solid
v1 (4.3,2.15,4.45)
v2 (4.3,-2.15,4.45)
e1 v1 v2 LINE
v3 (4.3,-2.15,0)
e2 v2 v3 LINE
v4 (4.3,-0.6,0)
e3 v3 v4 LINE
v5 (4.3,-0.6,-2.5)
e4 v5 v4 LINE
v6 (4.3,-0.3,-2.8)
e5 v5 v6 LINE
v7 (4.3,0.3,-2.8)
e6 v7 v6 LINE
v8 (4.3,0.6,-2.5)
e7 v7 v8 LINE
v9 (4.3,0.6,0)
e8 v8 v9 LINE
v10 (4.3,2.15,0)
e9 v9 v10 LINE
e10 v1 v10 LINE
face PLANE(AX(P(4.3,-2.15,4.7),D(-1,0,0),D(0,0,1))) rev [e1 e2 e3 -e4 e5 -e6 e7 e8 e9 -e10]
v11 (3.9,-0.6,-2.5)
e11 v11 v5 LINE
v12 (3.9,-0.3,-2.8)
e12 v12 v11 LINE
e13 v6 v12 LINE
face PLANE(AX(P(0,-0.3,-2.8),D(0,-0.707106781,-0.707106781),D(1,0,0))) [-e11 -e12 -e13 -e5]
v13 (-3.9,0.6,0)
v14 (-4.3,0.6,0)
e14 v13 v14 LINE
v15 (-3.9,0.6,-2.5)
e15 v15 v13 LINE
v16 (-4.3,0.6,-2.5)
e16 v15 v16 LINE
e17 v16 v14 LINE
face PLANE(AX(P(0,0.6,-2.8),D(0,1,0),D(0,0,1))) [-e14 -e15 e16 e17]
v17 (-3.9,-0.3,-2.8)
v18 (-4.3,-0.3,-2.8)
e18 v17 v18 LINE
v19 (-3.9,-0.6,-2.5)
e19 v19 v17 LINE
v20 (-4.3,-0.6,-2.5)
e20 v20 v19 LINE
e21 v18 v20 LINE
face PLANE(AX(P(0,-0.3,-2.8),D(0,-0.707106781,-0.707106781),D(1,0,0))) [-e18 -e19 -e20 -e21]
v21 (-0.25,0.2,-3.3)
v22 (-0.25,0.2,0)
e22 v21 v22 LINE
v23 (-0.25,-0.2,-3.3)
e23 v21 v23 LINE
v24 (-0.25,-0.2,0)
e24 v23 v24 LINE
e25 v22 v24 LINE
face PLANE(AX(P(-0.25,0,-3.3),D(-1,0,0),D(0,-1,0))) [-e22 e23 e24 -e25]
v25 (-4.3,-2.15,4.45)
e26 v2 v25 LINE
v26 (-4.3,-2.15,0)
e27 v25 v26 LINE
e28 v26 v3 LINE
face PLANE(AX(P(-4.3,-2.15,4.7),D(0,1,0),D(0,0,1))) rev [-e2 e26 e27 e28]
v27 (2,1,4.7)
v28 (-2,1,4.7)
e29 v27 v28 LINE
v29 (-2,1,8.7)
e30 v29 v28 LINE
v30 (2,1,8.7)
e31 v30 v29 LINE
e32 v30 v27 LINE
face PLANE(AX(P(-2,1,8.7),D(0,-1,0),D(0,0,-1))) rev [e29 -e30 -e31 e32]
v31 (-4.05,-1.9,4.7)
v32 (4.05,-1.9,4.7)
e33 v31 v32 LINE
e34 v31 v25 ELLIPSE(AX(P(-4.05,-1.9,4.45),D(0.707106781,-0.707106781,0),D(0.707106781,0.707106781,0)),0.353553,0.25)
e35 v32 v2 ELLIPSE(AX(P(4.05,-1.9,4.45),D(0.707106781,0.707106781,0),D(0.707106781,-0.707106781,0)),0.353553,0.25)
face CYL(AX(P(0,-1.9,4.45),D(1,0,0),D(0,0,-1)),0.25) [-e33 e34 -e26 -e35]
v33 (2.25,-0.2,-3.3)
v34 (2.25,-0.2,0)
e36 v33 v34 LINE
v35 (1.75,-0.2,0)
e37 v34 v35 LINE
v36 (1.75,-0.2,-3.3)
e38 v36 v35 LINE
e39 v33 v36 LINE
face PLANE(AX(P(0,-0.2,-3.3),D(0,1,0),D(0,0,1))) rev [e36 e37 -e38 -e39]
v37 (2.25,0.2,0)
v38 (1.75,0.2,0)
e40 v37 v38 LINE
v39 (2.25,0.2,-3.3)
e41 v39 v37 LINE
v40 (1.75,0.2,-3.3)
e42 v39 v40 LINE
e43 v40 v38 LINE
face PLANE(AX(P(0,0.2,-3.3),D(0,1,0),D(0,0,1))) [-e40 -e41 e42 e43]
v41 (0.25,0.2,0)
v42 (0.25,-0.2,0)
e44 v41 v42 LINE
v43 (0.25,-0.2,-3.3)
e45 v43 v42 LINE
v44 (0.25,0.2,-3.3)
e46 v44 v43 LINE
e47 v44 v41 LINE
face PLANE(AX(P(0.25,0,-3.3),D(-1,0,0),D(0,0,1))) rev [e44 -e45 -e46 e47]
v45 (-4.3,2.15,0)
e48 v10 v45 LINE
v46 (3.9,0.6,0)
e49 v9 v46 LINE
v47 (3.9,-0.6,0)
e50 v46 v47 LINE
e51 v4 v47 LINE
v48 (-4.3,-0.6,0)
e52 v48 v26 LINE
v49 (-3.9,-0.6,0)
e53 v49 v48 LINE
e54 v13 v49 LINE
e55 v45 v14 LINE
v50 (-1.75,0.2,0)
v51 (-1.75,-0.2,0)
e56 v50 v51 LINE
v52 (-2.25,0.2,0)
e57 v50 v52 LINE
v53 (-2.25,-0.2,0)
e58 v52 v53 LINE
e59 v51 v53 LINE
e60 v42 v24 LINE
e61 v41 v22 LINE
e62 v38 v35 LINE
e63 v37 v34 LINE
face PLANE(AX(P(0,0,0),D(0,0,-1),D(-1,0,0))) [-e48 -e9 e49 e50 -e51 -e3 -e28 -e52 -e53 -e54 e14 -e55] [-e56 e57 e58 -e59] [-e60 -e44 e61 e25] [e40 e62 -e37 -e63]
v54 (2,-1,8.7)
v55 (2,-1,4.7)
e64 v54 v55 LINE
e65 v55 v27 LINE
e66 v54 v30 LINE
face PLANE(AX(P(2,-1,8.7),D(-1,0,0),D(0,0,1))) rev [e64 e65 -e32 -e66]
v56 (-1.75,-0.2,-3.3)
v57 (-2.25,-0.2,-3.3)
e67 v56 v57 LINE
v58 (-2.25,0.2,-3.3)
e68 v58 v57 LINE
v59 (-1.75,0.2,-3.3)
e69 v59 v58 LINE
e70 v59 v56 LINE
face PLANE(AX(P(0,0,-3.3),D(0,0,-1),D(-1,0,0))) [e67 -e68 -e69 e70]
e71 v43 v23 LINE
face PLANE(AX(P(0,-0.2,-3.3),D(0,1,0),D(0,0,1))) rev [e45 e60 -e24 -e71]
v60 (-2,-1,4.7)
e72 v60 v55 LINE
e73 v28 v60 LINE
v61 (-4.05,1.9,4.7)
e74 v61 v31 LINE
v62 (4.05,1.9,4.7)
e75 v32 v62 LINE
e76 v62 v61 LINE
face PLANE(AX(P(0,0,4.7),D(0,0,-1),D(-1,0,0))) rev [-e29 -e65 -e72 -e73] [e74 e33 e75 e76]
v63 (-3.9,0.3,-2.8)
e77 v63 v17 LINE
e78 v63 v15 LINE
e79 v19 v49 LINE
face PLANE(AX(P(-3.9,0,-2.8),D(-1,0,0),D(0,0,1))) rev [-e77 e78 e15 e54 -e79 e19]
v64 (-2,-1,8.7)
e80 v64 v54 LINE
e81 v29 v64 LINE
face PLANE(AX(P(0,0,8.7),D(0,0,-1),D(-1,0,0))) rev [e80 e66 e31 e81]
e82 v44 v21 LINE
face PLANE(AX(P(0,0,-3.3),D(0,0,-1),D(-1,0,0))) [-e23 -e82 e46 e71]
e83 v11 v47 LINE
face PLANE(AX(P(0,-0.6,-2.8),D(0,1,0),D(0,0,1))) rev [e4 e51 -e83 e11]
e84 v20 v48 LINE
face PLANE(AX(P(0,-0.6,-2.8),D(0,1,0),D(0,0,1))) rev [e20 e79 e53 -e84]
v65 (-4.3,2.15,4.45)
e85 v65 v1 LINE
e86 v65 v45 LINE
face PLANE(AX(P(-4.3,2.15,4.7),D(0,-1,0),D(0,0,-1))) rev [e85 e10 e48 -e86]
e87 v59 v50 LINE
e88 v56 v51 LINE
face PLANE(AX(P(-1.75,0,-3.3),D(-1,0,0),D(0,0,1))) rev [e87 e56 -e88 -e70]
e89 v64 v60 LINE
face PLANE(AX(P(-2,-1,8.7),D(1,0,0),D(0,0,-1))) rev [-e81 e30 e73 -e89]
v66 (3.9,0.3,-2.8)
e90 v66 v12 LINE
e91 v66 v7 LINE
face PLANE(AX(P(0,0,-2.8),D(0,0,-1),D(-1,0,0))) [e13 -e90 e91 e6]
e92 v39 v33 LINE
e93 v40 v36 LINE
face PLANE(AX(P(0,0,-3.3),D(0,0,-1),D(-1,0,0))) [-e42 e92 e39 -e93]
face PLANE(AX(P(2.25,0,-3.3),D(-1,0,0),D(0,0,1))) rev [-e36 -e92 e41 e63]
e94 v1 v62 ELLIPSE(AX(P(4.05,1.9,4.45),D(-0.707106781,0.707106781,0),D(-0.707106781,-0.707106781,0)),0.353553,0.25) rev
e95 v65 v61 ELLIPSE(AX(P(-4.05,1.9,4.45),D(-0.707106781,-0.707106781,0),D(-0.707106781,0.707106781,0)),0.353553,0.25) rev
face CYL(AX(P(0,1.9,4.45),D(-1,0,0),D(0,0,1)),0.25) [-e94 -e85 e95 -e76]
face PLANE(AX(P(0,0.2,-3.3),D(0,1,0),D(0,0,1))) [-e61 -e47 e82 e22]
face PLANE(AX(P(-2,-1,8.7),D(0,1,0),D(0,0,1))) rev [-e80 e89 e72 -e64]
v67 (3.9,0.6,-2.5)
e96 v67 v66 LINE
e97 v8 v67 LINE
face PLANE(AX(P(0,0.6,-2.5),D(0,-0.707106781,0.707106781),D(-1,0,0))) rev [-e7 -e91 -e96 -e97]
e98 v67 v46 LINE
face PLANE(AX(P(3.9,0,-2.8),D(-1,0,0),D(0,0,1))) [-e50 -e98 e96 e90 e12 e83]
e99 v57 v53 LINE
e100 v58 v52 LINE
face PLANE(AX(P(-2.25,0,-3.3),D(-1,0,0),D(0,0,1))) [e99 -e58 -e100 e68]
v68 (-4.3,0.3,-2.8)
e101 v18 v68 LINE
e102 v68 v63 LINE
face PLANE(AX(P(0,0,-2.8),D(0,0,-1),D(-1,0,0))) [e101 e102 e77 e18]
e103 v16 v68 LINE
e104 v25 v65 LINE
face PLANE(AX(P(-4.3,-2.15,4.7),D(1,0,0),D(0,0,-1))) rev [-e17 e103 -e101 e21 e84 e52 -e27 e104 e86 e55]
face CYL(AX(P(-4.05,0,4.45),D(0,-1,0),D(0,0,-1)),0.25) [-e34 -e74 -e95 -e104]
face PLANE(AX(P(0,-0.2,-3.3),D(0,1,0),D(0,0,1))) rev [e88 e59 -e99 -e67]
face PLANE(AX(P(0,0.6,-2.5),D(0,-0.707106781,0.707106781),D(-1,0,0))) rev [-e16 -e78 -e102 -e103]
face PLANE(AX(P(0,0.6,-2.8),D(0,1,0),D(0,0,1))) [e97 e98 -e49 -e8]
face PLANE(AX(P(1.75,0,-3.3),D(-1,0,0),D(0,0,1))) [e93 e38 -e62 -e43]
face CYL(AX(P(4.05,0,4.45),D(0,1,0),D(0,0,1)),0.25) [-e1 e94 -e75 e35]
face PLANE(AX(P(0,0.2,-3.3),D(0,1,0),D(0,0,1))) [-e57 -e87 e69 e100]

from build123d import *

# Parameters (mm, degrees)
SKETCH1_W           = 8.6
SKETCH1_H           = 4.3
BOSS_EXTRUDE1_DEPTH = 4.7
SKETCH2_W           = 4
SKETCH2_H           = 2
BOSS_EXTRUDE2_DEPTH = 4
SKETCH3_W           = 0.4
SKETCH3_H           = 1.2
BOSS_EXTRUDE3_DEPTH = 2.8
SKETCH4_W           = 0.5
SKETCH4_H           = 0.4
BOSS_EXTRUDE4_DEPTH = 3.3
CHAMFER1_SIZE       = 0.3
FILLET1_R           = 0.25


with BuildPart() as part:
    # Sketch1 → Boss-Extrude1 (new body)
    with BuildSketch(Plane.XY):
        Rectangle(SKETCH1_W, SKETCH1_H)
    extrude(amount=BOSS_EXTRUDE1_DEPTH)

    # Sketch2 → Boss-Extrude2 (add)
    with BuildSketch(Plane.XY.offset(4.7)):
        Rectangle(SKETCH2_W, SKETCH2_H)
    extrude(amount=BOSS_EXTRUDE2_DEPTH)

    # Sketch3 → Boss-Extrude3 (add)
    with BuildSketch(Plane(origin=(0, 0, 0), x_dir=(-1, 0, 0), z_dir=(0, 0, -1))):
        with Locations((-4.1, 0)):
            Rectangle(SKETCH3_W, SKETCH3_H)
        with Locations((4.1, 0)):
            Rectangle(SKETCH3_W, SKETCH3_H)
    extrude(amount=BOSS_EXTRUDE3_DEPTH)

    # Sketch4 → Boss-Extrude4 (add)
    with BuildSketch(Plane(origin=(0, 0, 0), x_dir=(-1, 0, 0), z_dir=(0, 0, -1))):
        with Locations((2, 0)):
            Rectangle(SKETCH4_W, SKETCH4_H)
        Rectangle(SKETCH4_W, SKETCH4_H)
        with Locations((-2, 0)):
            Rectangle(SKETCH4_W, SKETCH4_H)
    extrude(amount=BOSS_EXTRUDE4_DEPTH)

    # Chamfer1
    chamfer1_edges = [part.edges().sort_by_distance(p)[0] for p in [
        (4.1, 0.6, -2.8),
        (4.1, -0.6, -2.8),
        (-4.1, 0.6, -2.8),
        (-4.1, -0.6, -2.8),
    ]]
    chamfer(chamfer1_edges, length=CHAMFER1_SIZE)

    # Fillet1
    fillet1_edges = [part.edges().sort_by_distance(p)[0] for p in [
        (-4.3, 0, 4.7),
        (0, -2.15, 4.7),
        (4.3, 0, 4.7),
        (0, 2.15, 4.7),
    ]]
    fillet(fillet1_edges, radius=FILLET1_R)


solid = part.part
